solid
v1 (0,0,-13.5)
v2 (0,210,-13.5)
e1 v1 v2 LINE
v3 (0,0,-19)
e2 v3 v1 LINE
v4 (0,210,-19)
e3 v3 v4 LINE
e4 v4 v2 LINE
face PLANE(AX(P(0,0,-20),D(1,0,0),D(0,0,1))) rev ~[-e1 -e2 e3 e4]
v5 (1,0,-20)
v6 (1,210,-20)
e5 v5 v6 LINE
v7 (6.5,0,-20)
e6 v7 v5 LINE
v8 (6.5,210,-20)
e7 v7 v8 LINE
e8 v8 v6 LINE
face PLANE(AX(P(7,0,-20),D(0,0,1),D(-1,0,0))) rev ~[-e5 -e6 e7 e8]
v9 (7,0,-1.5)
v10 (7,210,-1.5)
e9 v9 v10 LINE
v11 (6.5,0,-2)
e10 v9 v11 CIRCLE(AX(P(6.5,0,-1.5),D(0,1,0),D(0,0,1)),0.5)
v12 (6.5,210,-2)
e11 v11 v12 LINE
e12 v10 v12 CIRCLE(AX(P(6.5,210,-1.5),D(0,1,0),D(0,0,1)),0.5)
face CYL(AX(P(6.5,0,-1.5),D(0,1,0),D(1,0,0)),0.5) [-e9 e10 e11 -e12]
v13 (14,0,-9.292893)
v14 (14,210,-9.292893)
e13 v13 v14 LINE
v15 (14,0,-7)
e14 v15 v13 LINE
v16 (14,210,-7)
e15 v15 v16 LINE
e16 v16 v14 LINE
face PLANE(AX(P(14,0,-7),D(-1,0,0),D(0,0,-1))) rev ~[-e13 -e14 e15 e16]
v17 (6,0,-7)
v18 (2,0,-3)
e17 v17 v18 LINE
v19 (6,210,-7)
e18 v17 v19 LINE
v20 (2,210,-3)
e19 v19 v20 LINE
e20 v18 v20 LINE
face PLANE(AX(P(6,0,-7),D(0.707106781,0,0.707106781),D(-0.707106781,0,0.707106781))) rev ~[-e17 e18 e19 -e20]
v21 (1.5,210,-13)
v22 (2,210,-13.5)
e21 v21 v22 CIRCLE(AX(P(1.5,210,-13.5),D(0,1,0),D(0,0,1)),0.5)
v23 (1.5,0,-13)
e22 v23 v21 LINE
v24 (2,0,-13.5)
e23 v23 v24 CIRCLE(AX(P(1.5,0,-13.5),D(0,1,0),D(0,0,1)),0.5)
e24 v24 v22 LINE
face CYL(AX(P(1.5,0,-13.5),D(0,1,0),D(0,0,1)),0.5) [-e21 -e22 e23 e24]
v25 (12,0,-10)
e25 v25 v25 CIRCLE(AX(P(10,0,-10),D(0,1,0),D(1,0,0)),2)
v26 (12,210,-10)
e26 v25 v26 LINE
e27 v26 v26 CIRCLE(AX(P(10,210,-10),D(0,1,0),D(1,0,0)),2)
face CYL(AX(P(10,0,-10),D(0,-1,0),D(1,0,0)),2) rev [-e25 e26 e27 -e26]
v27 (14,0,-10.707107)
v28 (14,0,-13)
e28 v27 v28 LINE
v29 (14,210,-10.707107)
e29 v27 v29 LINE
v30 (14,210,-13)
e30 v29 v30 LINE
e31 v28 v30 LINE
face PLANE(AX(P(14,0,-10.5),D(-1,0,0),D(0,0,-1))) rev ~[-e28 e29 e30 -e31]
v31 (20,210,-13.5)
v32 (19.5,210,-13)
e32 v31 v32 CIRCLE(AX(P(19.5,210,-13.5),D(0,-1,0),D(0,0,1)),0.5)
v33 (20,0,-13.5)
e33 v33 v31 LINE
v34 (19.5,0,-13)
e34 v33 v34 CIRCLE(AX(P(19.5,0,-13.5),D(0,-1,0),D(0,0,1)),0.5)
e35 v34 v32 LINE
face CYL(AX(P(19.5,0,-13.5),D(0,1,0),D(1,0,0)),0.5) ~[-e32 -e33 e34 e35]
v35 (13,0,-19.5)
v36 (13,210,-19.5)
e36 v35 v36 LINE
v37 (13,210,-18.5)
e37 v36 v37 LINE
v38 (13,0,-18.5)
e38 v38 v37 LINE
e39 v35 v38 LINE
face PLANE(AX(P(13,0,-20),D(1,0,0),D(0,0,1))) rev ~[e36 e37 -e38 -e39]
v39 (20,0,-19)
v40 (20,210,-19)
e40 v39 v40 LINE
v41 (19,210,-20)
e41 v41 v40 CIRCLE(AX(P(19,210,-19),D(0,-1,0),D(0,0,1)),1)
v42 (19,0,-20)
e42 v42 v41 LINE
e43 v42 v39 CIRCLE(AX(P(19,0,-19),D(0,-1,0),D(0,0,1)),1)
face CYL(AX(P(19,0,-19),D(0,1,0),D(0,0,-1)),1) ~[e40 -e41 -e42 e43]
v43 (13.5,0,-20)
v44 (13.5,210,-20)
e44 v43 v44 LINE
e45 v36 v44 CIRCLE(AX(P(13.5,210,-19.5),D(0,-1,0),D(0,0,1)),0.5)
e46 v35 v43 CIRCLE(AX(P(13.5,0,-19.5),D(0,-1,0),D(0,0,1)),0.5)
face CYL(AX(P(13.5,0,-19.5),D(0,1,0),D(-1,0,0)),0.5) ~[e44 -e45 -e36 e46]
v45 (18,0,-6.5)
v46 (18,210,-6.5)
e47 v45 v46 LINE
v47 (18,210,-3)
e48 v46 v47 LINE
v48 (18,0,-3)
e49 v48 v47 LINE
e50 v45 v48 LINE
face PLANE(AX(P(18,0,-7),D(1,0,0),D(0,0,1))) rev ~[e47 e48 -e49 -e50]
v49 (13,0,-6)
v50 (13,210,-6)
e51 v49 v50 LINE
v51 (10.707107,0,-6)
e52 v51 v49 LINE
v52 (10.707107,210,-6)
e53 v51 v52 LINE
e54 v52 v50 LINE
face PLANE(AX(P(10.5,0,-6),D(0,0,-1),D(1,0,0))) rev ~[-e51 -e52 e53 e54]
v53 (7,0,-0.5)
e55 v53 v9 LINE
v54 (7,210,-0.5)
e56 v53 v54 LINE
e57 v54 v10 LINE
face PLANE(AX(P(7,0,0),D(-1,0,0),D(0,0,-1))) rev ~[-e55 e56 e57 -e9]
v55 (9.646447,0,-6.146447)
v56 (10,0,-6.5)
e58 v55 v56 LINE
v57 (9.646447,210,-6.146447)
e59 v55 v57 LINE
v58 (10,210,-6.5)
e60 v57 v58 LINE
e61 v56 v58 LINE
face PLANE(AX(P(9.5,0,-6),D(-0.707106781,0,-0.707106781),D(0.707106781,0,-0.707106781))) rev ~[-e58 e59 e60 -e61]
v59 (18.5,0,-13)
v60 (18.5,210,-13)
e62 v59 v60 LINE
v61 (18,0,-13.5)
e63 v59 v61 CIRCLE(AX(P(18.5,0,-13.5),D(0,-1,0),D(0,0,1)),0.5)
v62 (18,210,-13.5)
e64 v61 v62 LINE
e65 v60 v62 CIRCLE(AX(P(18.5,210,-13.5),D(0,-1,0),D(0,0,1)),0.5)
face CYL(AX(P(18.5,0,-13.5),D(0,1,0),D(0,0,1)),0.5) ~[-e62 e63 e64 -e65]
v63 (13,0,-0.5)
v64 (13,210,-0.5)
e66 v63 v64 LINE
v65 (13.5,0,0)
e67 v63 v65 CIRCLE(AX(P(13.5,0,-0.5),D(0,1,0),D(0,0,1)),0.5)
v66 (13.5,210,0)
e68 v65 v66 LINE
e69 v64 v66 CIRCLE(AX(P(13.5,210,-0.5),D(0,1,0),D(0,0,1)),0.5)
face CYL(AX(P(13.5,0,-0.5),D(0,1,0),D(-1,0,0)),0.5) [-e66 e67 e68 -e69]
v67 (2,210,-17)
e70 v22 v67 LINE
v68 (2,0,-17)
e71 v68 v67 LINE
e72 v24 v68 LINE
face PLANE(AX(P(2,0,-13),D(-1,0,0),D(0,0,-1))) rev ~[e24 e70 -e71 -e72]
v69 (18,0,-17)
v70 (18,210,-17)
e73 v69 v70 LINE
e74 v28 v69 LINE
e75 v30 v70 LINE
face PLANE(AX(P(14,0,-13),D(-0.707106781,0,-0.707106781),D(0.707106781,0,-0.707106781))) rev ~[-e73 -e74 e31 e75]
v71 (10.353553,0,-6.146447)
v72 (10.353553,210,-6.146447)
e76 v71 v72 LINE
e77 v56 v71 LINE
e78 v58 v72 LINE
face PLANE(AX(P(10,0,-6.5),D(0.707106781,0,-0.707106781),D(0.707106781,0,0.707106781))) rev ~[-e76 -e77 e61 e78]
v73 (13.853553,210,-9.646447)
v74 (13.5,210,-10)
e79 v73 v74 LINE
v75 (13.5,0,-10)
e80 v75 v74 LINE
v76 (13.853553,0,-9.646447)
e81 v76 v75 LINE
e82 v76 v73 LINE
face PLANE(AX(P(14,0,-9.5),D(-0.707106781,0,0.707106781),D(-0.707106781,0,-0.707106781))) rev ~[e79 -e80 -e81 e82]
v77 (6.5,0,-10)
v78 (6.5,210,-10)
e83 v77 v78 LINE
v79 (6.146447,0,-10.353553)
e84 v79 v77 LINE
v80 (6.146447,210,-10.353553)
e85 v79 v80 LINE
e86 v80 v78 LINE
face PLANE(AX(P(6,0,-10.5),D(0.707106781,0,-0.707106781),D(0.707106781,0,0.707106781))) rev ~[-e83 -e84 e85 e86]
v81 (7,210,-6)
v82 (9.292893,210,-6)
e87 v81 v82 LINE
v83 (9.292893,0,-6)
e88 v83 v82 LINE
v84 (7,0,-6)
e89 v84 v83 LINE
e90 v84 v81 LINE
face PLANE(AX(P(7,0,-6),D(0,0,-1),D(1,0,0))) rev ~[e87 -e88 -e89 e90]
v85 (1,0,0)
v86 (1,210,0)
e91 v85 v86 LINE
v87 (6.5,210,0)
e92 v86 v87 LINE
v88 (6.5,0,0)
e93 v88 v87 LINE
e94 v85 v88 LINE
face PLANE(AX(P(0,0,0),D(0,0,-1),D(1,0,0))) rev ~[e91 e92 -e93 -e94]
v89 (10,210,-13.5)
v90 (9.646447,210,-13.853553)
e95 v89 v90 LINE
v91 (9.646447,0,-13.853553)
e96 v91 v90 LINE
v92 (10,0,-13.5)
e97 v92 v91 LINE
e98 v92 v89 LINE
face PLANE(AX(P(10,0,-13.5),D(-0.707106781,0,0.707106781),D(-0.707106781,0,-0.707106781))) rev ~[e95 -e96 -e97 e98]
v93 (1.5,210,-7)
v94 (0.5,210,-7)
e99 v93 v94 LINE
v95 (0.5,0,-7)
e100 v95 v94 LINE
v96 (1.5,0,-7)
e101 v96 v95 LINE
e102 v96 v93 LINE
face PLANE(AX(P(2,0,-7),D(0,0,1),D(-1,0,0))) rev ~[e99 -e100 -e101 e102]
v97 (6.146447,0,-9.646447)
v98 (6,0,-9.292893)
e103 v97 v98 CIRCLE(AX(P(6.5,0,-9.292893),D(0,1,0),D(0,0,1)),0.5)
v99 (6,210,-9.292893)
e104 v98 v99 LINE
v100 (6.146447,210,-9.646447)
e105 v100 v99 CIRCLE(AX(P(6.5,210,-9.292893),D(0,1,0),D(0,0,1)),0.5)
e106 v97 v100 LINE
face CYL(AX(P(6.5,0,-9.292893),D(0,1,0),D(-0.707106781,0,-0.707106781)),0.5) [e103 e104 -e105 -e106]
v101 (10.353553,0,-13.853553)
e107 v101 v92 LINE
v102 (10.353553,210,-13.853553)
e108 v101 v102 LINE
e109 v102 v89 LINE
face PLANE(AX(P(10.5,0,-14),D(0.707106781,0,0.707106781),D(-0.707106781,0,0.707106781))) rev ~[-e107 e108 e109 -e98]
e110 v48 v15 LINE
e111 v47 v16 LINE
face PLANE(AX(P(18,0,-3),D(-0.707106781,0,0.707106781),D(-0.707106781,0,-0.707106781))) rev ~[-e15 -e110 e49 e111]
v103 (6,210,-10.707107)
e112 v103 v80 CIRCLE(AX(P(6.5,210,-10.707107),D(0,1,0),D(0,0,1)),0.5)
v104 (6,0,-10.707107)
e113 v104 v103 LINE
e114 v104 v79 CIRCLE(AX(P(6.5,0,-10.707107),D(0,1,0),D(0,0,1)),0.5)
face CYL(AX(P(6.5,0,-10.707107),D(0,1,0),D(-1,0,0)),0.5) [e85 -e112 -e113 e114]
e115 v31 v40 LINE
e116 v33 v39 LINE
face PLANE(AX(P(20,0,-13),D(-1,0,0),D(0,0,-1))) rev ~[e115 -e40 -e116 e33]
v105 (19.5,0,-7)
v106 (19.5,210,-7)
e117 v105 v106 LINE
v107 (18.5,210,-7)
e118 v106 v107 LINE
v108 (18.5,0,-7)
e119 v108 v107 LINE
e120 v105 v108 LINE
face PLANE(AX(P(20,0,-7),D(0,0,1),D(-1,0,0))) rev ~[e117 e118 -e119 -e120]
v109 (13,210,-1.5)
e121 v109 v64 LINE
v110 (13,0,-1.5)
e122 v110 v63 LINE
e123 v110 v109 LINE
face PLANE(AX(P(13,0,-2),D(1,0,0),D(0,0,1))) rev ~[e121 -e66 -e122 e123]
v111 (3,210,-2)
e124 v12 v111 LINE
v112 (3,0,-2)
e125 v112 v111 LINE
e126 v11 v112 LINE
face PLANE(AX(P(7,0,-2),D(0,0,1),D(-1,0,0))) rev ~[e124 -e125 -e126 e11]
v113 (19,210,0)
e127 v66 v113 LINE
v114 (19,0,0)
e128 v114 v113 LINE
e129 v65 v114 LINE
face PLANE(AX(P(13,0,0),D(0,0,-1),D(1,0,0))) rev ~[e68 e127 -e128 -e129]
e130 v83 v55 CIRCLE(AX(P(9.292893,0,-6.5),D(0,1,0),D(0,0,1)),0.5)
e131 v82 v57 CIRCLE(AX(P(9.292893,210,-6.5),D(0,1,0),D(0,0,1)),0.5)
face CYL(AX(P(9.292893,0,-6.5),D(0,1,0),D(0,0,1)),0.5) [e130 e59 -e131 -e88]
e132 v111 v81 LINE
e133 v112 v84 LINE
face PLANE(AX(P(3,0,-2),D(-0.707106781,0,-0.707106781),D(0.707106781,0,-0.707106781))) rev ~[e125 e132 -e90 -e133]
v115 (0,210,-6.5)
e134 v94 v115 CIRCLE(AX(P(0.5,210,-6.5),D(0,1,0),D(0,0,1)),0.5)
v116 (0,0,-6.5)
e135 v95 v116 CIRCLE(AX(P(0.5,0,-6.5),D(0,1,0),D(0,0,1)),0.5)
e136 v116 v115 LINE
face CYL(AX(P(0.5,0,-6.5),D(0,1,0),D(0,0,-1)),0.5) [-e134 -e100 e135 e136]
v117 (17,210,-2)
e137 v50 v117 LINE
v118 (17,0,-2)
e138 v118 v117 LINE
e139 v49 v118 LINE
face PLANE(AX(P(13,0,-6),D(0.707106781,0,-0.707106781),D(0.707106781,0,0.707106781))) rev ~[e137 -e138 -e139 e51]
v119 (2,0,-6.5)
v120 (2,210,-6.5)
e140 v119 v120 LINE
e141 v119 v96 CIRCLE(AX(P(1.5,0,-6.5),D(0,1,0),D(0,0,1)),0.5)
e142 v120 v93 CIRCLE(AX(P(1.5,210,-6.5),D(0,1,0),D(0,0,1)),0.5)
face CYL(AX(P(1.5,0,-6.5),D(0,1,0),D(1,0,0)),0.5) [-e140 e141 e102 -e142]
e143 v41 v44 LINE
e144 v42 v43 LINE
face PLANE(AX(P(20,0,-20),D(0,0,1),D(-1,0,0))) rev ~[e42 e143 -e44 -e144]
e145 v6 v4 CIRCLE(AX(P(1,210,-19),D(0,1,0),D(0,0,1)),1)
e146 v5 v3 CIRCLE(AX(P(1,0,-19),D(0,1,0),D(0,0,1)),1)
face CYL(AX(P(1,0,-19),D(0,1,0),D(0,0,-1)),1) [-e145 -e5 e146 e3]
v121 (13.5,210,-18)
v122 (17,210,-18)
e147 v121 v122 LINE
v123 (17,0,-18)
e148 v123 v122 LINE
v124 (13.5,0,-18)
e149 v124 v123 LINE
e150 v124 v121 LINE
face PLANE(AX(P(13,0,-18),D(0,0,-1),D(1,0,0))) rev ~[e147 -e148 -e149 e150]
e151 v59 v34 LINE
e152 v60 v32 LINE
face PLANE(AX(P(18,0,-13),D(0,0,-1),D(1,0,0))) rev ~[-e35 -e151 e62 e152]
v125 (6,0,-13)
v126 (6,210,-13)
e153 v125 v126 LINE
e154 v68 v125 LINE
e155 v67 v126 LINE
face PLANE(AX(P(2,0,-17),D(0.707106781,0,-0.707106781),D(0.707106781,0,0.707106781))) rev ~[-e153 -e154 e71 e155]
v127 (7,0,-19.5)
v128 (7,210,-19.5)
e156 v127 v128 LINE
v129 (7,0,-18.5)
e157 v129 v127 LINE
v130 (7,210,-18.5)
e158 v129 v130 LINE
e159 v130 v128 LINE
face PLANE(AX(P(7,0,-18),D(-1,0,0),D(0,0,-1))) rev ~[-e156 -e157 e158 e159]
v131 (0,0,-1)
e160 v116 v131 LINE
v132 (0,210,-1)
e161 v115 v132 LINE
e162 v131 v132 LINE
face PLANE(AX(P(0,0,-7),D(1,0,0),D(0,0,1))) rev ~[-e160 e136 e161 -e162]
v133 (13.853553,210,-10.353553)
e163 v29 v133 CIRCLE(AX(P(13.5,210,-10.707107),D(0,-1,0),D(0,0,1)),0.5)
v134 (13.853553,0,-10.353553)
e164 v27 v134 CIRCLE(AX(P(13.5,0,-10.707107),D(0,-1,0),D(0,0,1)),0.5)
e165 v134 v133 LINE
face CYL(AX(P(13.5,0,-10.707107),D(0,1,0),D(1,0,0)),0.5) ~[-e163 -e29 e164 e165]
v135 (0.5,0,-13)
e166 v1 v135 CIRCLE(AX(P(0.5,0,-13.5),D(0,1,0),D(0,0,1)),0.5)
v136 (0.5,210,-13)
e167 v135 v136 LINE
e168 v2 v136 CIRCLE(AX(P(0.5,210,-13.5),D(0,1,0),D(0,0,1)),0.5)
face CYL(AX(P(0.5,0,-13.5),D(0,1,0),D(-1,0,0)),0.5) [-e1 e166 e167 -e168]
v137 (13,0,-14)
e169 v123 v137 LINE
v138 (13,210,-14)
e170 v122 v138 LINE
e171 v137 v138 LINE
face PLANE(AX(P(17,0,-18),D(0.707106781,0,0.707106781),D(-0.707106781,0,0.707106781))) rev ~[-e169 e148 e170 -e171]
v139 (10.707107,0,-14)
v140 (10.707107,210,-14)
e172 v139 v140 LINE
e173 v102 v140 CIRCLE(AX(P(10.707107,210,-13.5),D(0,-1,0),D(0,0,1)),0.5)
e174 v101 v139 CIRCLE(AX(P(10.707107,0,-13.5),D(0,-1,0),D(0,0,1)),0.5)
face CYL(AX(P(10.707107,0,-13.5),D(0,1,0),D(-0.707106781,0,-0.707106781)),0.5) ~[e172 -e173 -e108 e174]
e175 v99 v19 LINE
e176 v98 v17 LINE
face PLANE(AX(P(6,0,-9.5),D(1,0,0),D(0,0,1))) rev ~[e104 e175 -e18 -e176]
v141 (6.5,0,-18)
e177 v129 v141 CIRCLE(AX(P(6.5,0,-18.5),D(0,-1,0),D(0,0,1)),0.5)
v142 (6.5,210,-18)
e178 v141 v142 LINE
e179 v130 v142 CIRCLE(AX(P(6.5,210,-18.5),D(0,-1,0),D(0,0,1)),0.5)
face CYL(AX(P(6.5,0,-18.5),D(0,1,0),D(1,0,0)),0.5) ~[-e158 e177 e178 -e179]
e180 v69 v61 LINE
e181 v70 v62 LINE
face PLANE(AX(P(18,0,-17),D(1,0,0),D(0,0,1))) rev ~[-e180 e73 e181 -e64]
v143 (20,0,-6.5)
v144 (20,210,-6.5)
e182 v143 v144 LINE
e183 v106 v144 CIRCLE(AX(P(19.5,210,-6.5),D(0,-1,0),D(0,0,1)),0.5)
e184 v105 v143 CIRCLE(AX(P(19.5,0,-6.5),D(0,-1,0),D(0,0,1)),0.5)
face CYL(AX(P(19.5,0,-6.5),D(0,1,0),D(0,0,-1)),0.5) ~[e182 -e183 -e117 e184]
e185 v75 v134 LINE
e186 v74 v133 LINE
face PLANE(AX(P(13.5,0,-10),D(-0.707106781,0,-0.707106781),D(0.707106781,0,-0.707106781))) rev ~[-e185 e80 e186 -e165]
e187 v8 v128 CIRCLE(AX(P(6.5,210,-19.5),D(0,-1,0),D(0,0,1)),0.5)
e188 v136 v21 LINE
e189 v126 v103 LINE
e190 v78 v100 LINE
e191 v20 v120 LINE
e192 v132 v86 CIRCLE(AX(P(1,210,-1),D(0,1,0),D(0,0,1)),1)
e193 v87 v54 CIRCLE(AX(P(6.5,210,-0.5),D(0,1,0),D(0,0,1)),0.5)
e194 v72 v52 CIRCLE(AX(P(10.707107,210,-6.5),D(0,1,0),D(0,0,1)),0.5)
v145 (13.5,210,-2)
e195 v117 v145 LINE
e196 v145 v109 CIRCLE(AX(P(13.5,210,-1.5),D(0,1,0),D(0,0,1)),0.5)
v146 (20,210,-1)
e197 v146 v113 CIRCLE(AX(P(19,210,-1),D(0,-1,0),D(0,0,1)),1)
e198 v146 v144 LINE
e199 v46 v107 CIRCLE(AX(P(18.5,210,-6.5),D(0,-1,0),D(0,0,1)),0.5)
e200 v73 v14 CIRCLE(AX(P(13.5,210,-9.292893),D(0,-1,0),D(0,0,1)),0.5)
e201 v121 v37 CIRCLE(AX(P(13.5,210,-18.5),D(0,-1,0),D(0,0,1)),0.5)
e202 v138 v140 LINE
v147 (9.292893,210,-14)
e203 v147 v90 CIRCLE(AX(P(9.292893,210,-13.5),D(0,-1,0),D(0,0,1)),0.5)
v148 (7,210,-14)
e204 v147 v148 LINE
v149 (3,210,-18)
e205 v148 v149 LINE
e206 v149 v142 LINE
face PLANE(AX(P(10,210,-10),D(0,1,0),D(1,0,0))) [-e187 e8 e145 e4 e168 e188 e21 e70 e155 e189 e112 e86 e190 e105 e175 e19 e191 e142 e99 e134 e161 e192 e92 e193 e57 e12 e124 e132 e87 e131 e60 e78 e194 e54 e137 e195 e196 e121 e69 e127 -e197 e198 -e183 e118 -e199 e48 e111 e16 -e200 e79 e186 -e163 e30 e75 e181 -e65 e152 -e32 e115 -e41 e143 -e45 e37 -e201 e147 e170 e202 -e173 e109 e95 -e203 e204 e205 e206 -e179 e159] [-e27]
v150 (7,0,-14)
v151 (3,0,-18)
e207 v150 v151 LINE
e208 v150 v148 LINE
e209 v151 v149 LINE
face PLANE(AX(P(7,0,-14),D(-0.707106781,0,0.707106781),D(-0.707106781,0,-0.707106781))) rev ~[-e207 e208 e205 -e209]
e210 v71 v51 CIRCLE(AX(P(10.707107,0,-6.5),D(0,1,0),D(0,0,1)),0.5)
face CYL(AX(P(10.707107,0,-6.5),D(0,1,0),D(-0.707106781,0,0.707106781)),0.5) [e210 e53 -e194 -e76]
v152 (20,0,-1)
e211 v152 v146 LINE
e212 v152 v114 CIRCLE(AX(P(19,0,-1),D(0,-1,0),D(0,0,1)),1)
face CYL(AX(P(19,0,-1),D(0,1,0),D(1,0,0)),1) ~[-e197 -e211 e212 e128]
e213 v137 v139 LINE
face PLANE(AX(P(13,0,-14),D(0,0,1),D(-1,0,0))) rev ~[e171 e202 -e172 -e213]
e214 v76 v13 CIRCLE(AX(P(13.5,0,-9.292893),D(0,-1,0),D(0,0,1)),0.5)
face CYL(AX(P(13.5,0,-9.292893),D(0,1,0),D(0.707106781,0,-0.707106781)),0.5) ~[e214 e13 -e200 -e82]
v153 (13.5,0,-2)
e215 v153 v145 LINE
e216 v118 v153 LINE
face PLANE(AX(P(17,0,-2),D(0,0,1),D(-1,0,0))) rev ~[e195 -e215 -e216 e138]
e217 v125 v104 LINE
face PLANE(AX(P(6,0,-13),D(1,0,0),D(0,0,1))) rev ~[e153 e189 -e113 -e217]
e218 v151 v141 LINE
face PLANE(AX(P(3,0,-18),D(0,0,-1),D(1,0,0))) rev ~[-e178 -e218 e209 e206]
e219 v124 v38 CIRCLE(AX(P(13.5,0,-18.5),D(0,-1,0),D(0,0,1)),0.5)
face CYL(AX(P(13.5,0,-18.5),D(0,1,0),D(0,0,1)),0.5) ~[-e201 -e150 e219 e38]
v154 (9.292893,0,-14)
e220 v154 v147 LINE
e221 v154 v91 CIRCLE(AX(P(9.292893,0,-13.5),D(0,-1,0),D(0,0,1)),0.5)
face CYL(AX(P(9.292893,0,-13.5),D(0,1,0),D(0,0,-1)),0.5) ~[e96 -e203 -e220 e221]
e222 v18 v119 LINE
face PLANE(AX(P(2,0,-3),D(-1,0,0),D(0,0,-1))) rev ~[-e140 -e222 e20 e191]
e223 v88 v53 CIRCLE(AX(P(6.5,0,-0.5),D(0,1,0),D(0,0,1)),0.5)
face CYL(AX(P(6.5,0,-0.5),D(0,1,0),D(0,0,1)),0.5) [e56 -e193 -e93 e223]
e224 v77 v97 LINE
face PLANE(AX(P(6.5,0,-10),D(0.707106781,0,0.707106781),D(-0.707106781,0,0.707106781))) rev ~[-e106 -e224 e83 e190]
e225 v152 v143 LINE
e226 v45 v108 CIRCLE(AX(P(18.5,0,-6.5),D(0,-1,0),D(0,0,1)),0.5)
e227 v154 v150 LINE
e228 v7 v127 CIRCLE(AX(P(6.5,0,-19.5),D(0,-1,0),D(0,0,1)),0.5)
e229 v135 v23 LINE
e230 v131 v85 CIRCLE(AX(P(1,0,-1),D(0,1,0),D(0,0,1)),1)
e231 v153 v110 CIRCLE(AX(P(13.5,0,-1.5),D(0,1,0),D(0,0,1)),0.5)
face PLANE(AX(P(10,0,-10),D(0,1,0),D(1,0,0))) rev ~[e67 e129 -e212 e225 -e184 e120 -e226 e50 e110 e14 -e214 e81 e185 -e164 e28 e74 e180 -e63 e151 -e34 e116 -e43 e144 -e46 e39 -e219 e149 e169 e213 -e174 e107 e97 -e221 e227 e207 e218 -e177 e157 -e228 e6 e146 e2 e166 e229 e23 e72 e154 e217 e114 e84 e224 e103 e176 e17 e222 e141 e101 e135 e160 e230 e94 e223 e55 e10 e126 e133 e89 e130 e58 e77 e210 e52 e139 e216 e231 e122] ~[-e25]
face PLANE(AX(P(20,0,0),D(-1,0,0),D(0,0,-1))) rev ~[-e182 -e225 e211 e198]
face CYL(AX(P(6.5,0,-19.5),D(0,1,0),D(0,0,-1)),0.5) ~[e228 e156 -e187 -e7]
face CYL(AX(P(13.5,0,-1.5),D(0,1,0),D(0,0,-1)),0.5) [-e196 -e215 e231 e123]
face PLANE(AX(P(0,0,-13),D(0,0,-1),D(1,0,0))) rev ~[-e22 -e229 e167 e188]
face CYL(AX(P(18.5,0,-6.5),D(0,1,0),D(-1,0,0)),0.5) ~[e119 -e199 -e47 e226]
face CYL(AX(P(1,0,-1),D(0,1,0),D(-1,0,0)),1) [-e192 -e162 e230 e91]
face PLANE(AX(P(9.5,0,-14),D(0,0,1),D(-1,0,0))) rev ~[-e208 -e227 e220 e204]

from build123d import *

# Parameters (mm, degrees)
SKETCH1_R           = 2
BOSS_EXTRUDE1_DEPTH = 210
FILLET1_R           = 1
FILLET2_R           = 0.5
FILLET4_R           = 0.5


with BuildPart() as part:
    # Sketch1 → Boss-Extrude1 (new body)
    with BuildSketch(Plane(origin=(0, 0, 0), x_dir=(1, 0, 0), z_dir=(0, 1, 0))):
        Polygon((7, 18), (7, 20), (0, 20), (0, 13), (2, 13), (2, 17), (6, 13), (6, 10.5), (6.5, 10), (6, 9.5), (6, 7), (2, 3), (2, 7), (0, 7), (0, 0), (7, 0), (7, 2), (3, 2), (7, 6), (9.5, 6), (10, 6.5), (10.5, 6), (13, 6), (17, 2), (13, 2), (13, 0), (20, 0), (20, 7), (18, 7), (18, 3), (14, 7), (14, 9.5), (13.5, 10), (14, 10.5), (14, 13), (18, 17), (18, 13), (20, 13), (20, 20), (13, 20), (13, 18), (17, 18), (13, 14), (10.5, 14), (10, 13.5), (9.5, 14), (7, 14), (3, 18), align=None)
        with Locations((10, 10)):
            Circle(SKETCH1_R, mode=Mode.SUBTRACT)
    extrude(amount=BOSS_EXTRUDE1_DEPTH)

    # Fillet1
    fillet1_edges = [part.edges().sort_by_distance(p)[0] for p in [
        (0, 105, -20),
        (20, 105, -20),
        (20, 105, 0),
        (0, 105, 0),
    ]]
    fillet(fillet1_edges, radius=FILLET1_R)

    # Fillet2
    fillet2_edges = [part.edges().sort_by_distance(p)[0] for p in [
        (2, 105, -13),
        (0, 105, -13),
        (7, 105, -20),
        (7, 105, -18),
        (13, 105, -18),
        (13, 105, -20),
        (20, 105, -13),
        (18, 105, -13),
        (18, 105, -7),
        (20, 105, -7),
        (13, 105, 0),
        (13, 105, -2),
        (7, 105, -2),
        (7, 105, 0),
        (0, 105, -7),
        (2, 105, -7),
    ]]
    fillet(fillet2_edges, radius=FILLET2_R)

    # Fillet4
    fillet4_edges = [part.edges().sort_by_distance(p)[0] for p in [
        (9.5, 105, -14),
        (10.5, 105, -14),
        (14, 105, -10.5),
        (14, 105, -9.5),
        (10.5, 105, -6),
        (9.5, 105, -6),
        (6, 105, -9.5),
        (6, 105, -10.5),
    ]]
    fillet(fillet4_edges, radius=FILLET4_R)


solid = part.part
